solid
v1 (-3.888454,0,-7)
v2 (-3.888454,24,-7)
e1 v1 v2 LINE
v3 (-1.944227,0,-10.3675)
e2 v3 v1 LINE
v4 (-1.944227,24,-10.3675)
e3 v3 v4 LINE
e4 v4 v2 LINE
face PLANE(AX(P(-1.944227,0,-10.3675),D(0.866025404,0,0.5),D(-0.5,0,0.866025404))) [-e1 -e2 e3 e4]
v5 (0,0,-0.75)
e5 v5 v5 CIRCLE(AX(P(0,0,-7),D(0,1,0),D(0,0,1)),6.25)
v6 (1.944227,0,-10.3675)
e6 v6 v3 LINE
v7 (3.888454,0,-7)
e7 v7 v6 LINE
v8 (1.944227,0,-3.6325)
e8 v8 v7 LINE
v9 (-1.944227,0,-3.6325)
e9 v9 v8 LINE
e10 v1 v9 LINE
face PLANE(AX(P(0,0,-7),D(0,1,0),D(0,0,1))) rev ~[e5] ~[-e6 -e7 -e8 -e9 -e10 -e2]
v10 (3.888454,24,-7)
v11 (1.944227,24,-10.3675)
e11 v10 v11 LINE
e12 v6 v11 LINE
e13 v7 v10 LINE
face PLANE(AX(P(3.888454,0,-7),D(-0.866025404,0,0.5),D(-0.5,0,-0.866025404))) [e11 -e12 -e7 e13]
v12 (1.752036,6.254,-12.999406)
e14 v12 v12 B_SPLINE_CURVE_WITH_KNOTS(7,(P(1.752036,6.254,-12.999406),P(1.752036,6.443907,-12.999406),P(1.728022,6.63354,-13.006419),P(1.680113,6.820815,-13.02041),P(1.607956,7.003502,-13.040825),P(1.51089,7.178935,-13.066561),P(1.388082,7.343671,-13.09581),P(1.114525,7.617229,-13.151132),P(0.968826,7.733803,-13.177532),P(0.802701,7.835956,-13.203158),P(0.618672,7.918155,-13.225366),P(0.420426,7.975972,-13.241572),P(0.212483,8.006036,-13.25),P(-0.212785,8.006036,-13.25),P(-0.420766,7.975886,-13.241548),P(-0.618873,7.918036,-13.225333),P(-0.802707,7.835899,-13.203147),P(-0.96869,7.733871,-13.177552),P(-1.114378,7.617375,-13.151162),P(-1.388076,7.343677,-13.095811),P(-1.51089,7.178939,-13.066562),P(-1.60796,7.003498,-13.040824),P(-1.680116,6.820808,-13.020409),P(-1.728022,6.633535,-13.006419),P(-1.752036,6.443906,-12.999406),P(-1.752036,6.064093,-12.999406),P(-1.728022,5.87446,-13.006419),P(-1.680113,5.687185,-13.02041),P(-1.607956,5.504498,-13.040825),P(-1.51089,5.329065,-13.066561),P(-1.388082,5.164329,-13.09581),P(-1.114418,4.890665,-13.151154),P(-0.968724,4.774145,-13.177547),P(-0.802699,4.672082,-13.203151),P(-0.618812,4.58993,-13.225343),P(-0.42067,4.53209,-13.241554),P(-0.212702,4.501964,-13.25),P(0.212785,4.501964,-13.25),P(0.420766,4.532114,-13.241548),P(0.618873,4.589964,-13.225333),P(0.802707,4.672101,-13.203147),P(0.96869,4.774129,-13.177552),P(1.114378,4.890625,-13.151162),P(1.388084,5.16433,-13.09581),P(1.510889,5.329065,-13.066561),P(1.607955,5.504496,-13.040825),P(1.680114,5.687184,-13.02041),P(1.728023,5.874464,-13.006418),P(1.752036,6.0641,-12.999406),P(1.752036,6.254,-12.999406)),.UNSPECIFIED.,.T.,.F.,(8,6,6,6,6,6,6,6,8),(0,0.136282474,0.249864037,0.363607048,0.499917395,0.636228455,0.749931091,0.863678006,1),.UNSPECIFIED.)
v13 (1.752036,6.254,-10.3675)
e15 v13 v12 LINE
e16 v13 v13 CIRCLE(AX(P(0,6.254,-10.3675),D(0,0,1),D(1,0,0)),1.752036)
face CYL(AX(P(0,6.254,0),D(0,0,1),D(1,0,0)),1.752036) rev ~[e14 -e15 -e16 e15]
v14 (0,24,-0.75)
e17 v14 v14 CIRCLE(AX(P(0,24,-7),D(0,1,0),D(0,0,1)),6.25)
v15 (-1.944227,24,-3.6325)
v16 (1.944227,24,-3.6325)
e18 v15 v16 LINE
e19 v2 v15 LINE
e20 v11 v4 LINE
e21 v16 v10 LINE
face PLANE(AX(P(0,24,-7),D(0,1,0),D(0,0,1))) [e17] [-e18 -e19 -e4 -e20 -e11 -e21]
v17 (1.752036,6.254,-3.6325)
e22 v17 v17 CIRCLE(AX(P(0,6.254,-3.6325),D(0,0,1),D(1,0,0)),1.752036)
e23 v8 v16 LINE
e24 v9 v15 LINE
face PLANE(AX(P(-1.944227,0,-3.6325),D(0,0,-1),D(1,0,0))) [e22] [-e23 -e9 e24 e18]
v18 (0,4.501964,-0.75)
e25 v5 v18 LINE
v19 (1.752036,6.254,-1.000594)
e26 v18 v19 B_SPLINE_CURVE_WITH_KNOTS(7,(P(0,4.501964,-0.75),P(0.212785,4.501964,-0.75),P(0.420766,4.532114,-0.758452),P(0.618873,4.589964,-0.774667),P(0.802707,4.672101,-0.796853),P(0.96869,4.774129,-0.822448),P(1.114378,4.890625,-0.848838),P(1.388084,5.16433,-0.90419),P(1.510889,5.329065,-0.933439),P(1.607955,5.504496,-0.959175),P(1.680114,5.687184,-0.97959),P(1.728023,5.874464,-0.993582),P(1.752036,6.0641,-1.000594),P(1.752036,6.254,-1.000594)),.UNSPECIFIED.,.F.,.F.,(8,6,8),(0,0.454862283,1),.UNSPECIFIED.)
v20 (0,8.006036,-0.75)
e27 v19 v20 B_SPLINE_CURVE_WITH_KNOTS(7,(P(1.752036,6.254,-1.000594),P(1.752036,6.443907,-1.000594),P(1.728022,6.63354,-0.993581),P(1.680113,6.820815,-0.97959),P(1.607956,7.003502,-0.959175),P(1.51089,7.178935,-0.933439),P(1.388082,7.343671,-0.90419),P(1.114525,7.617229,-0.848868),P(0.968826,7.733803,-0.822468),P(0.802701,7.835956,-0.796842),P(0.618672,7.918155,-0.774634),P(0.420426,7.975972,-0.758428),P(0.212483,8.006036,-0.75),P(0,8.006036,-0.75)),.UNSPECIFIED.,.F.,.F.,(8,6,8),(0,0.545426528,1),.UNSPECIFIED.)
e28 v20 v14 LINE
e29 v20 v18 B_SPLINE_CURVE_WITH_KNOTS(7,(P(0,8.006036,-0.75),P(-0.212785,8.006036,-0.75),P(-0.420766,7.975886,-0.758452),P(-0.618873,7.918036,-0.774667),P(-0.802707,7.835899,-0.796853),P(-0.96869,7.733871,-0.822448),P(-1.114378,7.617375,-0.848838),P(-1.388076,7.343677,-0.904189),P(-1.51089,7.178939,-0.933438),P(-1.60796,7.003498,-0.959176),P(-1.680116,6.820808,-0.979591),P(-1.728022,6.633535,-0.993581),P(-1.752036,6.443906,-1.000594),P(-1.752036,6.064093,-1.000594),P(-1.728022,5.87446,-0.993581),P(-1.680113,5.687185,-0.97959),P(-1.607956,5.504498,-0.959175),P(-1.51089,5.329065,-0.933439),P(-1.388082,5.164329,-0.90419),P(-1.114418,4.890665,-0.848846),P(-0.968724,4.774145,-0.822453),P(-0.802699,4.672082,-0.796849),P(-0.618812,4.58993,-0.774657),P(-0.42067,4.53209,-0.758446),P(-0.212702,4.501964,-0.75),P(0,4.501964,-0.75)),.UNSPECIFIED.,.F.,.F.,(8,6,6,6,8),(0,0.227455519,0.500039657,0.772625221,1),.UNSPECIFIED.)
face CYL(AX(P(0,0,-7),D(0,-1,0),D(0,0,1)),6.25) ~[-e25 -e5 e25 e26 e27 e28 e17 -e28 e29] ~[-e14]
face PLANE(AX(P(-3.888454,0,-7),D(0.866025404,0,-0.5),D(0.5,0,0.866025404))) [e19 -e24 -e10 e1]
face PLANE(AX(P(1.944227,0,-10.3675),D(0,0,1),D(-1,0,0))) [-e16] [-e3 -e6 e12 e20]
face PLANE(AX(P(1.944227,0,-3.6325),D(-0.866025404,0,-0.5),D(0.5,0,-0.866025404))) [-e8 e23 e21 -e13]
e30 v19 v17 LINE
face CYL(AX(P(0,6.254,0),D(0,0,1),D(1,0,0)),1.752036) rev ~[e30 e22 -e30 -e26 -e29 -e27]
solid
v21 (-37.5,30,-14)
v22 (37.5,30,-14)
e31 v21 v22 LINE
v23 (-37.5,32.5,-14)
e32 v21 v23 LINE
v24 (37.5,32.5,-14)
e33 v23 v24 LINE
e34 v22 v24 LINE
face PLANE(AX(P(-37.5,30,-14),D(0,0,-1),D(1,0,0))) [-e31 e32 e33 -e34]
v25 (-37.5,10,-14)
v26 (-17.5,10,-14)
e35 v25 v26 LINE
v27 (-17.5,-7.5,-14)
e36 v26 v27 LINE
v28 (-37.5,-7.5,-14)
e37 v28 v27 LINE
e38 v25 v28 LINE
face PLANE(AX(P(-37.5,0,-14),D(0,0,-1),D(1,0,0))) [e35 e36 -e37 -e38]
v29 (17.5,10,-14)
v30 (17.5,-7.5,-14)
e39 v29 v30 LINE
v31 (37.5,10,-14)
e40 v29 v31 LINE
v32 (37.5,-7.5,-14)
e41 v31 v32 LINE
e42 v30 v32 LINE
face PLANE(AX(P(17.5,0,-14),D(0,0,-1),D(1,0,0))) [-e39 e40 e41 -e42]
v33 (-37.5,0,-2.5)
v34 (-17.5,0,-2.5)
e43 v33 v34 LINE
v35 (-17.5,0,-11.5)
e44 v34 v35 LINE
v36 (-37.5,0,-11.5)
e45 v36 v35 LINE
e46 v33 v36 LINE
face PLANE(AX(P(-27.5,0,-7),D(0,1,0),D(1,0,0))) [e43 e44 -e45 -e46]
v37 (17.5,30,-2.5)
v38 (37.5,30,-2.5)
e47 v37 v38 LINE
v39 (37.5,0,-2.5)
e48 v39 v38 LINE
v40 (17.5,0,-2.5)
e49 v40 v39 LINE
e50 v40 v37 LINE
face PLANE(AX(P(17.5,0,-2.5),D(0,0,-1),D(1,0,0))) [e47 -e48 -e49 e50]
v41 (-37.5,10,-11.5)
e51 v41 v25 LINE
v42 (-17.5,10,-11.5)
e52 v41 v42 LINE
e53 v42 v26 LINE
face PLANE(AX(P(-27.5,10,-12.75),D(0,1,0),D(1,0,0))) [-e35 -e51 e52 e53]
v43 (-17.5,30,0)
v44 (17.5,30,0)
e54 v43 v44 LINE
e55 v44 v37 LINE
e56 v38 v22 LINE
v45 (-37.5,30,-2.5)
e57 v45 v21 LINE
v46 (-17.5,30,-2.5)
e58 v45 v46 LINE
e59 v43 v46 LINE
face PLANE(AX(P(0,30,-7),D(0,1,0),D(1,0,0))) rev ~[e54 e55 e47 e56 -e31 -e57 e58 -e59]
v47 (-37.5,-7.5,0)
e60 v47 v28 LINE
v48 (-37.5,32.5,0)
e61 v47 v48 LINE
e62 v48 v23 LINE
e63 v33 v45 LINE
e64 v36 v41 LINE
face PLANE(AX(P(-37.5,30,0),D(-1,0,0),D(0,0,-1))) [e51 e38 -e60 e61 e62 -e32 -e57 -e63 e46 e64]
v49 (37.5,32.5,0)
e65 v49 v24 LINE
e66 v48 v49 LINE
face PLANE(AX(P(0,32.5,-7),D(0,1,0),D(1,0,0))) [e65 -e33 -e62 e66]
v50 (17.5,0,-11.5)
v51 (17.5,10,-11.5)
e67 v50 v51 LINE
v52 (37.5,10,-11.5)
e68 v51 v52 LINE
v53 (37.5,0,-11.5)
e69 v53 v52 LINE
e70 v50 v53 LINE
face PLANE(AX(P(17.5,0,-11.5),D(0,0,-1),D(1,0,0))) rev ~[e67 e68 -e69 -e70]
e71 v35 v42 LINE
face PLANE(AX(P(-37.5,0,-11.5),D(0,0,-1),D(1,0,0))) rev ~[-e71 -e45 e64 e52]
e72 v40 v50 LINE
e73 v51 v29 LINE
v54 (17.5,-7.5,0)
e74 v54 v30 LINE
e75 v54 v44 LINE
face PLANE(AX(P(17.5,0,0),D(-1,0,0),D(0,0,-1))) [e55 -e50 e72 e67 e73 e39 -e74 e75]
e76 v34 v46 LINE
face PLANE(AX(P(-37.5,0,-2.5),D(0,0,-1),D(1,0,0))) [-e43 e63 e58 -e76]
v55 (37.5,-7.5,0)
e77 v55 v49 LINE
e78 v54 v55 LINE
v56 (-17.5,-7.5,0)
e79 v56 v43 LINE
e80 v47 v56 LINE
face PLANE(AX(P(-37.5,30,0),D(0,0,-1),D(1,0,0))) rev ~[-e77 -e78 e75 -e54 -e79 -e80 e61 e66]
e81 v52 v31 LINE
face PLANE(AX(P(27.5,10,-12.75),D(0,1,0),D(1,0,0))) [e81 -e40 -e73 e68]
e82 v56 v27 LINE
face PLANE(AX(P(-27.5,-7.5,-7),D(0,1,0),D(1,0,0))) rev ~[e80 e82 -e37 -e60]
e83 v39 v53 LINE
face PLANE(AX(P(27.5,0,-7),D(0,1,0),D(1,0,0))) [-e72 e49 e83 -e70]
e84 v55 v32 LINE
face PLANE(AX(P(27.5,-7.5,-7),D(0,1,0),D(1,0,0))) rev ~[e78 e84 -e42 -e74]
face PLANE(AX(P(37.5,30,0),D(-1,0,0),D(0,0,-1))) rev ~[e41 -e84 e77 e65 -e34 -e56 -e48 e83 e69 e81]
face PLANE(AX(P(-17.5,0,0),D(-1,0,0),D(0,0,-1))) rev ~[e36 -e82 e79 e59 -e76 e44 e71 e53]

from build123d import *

# Parameters (mm, degrees)
SKETCH2_W           = 20
SKETCH2_H           = 14
BOSS_EXTRUDE1_DEPTH = 7.5
SKETCH4_W           = 20
SKETCH4_H           = 2.5
BOSS_EXTRUDE2_DEPTH = 10
SKETCH6_W           = 20
SKETCH6_H           = 2.5
BOSS_EXTRUDE3_DEPTH = 30
SKETCH8_W           = 20
SKETCH8_H           = 14
BOSS_EXTRUDE4_DEPTH = 7.5
SKETCH9_W           = 20
SKETCH9_H           = 2.5
BOSS_EXTRUDE5_DEPTH = 10
SKETCH10_W          = 20
SKETCH10_H          = 2.5
BOSS_EXTRUDE6_DEPTH = 30
SKETCH11_W          = 75
SKETCH11_H          = 14
BOSS_EXTRUDE7_DEPTH = 2.5
BOSS_EXTRUDE8_START = -32.5
SKETCH12_R          = 6.25
BOSS_EXTRUDE8_DEPTH = 24
SKETCH13_R          = 1.752036184
CUT_EXTRUDE1_DEPTH  = 52.560643906


with BuildPart() as part:
    # Sketch2 → Boss-Extrude1 (new body)
    with BuildSketch(Plane(origin=(0, 0, 0), x_dir=(1, 0, 0), z_dir=(0, 1, 0))):
        with Locations((-27.5, 7)):
            Rectangle(SKETCH2_W, SKETCH2_H)
    extrude(amount=-BOSS_EXTRUDE1_DEPTH)

    # Sketch4 → Boss-Extrude2 (add)
    with BuildSketch(Plane(origin=(0, 0, 0), x_dir=(1, 0, 0), z_dir=(0, 1, 0))):
        with Locations((-27.5, 12.75)):
            Rectangle(SKETCH4_W, SKETCH4_H)
    extrude(amount=BOSS_EXTRUDE2_DEPTH)

    # Sketch6 → Boss-Extrude3 (add)
    with BuildSketch(Plane(origin=(0, 0, 0), x_dir=(1, 0, 0), z_dir=(0, 1, 0))):
        with Locations((-27.5, 1.25)):
            Rectangle(SKETCH6_W, SKETCH6_H)
    extrude(amount=BOSS_EXTRUDE3_DEPTH)



with BuildPart() as body_2:
    # Sketch8 → Boss-Extrude4 (new body)
    with BuildSketch(Plane(origin=(0, 0, 0), x_dir=(1, 0, 0), z_dir=(0, 1, 0))):
        with Locations((27.5, 7)):
            Rectangle(SKETCH8_W, SKETCH8_H)
    extrude(amount=-BOSS_EXTRUDE4_DEPTH)

    # Sketch9 → Boss-Extrude5 (add)
    with BuildSketch(Plane(origin=(0, 0, 0), x_dir=(1, 0, 0), z_dir=(0, 1, 0))):
        with Locations((27.5, 12.75)):
            Rectangle(SKETCH9_W, SKETCH9_H)
    extrude(amount=BOSS_EXTRUDE5_DEPTH)

    # Sketch10 → Boss-Extrude6 (add)
    with BuildSketch(Plane(origin=(0, 0, 0), x_dir=(1, 0, 0), z_dir=(0, 1, 0))):
        with Locations((27.5, 1.25)):
            Rectangle(SKETCH10_W, SKETCH10_H)
    extrude(amount=BOSS_EXTRUDE6_DEPTH)


with BuildPart() as part_1:
    add(part.part)

    add(body_2.part)  # Boss-Extrude7 merges body 2
    # Sketch11 → Boss-Extrude7 (add)
    with BuildSketch(Plane(origin=(0, 30, 0), x_dir=(1, 0, 0), z_dir=(0, 1, 0))):
        with Locations((0, 7)):
            Rectangle(SKETCH11_W, SKETCH11_H)
    extrude(amount=BOSS_EXTRUDE7_DEPTH)


with BuildPart() as body_2_2:
    # Sketch12 → Boss-Extrude8 (new body)
    with BuildSketch(Plane(origin=(0, 32.5, 0), x_dir=(1, 0, 0), z_dir=(0, 1, 0)).offset(BOSS_EXTRUDE8_START)):
        with Locations(Location((0, 7, 0), (0, 0, 270))):
            Circle(SKETCH12_R)
        Polygon((-1.944227031, 10.3675), (-3.888454063, 7), (-1.944227031, 3.6325), (1.944227031, 3.6325), (3.888454063, 7), (1.944227031, 10.3675), align=None, mode=Mode.SUBTRACT)
    extrude(amount=BOSS_EXTRUDE8_DEPTH)

    # Sketch13 → Cut-Extrude1 (cut, through all)
    with BuildSketch(Plane.XY):
        with Locations((0, 6.254)):
            Circle(SKETCH13_R)
    extrude(amount=-CUT_EXTRUDE1_DEPTH, mode=Mode.SUBTRACT)


solid = Compound([part_1.part, body_2_2.part])
